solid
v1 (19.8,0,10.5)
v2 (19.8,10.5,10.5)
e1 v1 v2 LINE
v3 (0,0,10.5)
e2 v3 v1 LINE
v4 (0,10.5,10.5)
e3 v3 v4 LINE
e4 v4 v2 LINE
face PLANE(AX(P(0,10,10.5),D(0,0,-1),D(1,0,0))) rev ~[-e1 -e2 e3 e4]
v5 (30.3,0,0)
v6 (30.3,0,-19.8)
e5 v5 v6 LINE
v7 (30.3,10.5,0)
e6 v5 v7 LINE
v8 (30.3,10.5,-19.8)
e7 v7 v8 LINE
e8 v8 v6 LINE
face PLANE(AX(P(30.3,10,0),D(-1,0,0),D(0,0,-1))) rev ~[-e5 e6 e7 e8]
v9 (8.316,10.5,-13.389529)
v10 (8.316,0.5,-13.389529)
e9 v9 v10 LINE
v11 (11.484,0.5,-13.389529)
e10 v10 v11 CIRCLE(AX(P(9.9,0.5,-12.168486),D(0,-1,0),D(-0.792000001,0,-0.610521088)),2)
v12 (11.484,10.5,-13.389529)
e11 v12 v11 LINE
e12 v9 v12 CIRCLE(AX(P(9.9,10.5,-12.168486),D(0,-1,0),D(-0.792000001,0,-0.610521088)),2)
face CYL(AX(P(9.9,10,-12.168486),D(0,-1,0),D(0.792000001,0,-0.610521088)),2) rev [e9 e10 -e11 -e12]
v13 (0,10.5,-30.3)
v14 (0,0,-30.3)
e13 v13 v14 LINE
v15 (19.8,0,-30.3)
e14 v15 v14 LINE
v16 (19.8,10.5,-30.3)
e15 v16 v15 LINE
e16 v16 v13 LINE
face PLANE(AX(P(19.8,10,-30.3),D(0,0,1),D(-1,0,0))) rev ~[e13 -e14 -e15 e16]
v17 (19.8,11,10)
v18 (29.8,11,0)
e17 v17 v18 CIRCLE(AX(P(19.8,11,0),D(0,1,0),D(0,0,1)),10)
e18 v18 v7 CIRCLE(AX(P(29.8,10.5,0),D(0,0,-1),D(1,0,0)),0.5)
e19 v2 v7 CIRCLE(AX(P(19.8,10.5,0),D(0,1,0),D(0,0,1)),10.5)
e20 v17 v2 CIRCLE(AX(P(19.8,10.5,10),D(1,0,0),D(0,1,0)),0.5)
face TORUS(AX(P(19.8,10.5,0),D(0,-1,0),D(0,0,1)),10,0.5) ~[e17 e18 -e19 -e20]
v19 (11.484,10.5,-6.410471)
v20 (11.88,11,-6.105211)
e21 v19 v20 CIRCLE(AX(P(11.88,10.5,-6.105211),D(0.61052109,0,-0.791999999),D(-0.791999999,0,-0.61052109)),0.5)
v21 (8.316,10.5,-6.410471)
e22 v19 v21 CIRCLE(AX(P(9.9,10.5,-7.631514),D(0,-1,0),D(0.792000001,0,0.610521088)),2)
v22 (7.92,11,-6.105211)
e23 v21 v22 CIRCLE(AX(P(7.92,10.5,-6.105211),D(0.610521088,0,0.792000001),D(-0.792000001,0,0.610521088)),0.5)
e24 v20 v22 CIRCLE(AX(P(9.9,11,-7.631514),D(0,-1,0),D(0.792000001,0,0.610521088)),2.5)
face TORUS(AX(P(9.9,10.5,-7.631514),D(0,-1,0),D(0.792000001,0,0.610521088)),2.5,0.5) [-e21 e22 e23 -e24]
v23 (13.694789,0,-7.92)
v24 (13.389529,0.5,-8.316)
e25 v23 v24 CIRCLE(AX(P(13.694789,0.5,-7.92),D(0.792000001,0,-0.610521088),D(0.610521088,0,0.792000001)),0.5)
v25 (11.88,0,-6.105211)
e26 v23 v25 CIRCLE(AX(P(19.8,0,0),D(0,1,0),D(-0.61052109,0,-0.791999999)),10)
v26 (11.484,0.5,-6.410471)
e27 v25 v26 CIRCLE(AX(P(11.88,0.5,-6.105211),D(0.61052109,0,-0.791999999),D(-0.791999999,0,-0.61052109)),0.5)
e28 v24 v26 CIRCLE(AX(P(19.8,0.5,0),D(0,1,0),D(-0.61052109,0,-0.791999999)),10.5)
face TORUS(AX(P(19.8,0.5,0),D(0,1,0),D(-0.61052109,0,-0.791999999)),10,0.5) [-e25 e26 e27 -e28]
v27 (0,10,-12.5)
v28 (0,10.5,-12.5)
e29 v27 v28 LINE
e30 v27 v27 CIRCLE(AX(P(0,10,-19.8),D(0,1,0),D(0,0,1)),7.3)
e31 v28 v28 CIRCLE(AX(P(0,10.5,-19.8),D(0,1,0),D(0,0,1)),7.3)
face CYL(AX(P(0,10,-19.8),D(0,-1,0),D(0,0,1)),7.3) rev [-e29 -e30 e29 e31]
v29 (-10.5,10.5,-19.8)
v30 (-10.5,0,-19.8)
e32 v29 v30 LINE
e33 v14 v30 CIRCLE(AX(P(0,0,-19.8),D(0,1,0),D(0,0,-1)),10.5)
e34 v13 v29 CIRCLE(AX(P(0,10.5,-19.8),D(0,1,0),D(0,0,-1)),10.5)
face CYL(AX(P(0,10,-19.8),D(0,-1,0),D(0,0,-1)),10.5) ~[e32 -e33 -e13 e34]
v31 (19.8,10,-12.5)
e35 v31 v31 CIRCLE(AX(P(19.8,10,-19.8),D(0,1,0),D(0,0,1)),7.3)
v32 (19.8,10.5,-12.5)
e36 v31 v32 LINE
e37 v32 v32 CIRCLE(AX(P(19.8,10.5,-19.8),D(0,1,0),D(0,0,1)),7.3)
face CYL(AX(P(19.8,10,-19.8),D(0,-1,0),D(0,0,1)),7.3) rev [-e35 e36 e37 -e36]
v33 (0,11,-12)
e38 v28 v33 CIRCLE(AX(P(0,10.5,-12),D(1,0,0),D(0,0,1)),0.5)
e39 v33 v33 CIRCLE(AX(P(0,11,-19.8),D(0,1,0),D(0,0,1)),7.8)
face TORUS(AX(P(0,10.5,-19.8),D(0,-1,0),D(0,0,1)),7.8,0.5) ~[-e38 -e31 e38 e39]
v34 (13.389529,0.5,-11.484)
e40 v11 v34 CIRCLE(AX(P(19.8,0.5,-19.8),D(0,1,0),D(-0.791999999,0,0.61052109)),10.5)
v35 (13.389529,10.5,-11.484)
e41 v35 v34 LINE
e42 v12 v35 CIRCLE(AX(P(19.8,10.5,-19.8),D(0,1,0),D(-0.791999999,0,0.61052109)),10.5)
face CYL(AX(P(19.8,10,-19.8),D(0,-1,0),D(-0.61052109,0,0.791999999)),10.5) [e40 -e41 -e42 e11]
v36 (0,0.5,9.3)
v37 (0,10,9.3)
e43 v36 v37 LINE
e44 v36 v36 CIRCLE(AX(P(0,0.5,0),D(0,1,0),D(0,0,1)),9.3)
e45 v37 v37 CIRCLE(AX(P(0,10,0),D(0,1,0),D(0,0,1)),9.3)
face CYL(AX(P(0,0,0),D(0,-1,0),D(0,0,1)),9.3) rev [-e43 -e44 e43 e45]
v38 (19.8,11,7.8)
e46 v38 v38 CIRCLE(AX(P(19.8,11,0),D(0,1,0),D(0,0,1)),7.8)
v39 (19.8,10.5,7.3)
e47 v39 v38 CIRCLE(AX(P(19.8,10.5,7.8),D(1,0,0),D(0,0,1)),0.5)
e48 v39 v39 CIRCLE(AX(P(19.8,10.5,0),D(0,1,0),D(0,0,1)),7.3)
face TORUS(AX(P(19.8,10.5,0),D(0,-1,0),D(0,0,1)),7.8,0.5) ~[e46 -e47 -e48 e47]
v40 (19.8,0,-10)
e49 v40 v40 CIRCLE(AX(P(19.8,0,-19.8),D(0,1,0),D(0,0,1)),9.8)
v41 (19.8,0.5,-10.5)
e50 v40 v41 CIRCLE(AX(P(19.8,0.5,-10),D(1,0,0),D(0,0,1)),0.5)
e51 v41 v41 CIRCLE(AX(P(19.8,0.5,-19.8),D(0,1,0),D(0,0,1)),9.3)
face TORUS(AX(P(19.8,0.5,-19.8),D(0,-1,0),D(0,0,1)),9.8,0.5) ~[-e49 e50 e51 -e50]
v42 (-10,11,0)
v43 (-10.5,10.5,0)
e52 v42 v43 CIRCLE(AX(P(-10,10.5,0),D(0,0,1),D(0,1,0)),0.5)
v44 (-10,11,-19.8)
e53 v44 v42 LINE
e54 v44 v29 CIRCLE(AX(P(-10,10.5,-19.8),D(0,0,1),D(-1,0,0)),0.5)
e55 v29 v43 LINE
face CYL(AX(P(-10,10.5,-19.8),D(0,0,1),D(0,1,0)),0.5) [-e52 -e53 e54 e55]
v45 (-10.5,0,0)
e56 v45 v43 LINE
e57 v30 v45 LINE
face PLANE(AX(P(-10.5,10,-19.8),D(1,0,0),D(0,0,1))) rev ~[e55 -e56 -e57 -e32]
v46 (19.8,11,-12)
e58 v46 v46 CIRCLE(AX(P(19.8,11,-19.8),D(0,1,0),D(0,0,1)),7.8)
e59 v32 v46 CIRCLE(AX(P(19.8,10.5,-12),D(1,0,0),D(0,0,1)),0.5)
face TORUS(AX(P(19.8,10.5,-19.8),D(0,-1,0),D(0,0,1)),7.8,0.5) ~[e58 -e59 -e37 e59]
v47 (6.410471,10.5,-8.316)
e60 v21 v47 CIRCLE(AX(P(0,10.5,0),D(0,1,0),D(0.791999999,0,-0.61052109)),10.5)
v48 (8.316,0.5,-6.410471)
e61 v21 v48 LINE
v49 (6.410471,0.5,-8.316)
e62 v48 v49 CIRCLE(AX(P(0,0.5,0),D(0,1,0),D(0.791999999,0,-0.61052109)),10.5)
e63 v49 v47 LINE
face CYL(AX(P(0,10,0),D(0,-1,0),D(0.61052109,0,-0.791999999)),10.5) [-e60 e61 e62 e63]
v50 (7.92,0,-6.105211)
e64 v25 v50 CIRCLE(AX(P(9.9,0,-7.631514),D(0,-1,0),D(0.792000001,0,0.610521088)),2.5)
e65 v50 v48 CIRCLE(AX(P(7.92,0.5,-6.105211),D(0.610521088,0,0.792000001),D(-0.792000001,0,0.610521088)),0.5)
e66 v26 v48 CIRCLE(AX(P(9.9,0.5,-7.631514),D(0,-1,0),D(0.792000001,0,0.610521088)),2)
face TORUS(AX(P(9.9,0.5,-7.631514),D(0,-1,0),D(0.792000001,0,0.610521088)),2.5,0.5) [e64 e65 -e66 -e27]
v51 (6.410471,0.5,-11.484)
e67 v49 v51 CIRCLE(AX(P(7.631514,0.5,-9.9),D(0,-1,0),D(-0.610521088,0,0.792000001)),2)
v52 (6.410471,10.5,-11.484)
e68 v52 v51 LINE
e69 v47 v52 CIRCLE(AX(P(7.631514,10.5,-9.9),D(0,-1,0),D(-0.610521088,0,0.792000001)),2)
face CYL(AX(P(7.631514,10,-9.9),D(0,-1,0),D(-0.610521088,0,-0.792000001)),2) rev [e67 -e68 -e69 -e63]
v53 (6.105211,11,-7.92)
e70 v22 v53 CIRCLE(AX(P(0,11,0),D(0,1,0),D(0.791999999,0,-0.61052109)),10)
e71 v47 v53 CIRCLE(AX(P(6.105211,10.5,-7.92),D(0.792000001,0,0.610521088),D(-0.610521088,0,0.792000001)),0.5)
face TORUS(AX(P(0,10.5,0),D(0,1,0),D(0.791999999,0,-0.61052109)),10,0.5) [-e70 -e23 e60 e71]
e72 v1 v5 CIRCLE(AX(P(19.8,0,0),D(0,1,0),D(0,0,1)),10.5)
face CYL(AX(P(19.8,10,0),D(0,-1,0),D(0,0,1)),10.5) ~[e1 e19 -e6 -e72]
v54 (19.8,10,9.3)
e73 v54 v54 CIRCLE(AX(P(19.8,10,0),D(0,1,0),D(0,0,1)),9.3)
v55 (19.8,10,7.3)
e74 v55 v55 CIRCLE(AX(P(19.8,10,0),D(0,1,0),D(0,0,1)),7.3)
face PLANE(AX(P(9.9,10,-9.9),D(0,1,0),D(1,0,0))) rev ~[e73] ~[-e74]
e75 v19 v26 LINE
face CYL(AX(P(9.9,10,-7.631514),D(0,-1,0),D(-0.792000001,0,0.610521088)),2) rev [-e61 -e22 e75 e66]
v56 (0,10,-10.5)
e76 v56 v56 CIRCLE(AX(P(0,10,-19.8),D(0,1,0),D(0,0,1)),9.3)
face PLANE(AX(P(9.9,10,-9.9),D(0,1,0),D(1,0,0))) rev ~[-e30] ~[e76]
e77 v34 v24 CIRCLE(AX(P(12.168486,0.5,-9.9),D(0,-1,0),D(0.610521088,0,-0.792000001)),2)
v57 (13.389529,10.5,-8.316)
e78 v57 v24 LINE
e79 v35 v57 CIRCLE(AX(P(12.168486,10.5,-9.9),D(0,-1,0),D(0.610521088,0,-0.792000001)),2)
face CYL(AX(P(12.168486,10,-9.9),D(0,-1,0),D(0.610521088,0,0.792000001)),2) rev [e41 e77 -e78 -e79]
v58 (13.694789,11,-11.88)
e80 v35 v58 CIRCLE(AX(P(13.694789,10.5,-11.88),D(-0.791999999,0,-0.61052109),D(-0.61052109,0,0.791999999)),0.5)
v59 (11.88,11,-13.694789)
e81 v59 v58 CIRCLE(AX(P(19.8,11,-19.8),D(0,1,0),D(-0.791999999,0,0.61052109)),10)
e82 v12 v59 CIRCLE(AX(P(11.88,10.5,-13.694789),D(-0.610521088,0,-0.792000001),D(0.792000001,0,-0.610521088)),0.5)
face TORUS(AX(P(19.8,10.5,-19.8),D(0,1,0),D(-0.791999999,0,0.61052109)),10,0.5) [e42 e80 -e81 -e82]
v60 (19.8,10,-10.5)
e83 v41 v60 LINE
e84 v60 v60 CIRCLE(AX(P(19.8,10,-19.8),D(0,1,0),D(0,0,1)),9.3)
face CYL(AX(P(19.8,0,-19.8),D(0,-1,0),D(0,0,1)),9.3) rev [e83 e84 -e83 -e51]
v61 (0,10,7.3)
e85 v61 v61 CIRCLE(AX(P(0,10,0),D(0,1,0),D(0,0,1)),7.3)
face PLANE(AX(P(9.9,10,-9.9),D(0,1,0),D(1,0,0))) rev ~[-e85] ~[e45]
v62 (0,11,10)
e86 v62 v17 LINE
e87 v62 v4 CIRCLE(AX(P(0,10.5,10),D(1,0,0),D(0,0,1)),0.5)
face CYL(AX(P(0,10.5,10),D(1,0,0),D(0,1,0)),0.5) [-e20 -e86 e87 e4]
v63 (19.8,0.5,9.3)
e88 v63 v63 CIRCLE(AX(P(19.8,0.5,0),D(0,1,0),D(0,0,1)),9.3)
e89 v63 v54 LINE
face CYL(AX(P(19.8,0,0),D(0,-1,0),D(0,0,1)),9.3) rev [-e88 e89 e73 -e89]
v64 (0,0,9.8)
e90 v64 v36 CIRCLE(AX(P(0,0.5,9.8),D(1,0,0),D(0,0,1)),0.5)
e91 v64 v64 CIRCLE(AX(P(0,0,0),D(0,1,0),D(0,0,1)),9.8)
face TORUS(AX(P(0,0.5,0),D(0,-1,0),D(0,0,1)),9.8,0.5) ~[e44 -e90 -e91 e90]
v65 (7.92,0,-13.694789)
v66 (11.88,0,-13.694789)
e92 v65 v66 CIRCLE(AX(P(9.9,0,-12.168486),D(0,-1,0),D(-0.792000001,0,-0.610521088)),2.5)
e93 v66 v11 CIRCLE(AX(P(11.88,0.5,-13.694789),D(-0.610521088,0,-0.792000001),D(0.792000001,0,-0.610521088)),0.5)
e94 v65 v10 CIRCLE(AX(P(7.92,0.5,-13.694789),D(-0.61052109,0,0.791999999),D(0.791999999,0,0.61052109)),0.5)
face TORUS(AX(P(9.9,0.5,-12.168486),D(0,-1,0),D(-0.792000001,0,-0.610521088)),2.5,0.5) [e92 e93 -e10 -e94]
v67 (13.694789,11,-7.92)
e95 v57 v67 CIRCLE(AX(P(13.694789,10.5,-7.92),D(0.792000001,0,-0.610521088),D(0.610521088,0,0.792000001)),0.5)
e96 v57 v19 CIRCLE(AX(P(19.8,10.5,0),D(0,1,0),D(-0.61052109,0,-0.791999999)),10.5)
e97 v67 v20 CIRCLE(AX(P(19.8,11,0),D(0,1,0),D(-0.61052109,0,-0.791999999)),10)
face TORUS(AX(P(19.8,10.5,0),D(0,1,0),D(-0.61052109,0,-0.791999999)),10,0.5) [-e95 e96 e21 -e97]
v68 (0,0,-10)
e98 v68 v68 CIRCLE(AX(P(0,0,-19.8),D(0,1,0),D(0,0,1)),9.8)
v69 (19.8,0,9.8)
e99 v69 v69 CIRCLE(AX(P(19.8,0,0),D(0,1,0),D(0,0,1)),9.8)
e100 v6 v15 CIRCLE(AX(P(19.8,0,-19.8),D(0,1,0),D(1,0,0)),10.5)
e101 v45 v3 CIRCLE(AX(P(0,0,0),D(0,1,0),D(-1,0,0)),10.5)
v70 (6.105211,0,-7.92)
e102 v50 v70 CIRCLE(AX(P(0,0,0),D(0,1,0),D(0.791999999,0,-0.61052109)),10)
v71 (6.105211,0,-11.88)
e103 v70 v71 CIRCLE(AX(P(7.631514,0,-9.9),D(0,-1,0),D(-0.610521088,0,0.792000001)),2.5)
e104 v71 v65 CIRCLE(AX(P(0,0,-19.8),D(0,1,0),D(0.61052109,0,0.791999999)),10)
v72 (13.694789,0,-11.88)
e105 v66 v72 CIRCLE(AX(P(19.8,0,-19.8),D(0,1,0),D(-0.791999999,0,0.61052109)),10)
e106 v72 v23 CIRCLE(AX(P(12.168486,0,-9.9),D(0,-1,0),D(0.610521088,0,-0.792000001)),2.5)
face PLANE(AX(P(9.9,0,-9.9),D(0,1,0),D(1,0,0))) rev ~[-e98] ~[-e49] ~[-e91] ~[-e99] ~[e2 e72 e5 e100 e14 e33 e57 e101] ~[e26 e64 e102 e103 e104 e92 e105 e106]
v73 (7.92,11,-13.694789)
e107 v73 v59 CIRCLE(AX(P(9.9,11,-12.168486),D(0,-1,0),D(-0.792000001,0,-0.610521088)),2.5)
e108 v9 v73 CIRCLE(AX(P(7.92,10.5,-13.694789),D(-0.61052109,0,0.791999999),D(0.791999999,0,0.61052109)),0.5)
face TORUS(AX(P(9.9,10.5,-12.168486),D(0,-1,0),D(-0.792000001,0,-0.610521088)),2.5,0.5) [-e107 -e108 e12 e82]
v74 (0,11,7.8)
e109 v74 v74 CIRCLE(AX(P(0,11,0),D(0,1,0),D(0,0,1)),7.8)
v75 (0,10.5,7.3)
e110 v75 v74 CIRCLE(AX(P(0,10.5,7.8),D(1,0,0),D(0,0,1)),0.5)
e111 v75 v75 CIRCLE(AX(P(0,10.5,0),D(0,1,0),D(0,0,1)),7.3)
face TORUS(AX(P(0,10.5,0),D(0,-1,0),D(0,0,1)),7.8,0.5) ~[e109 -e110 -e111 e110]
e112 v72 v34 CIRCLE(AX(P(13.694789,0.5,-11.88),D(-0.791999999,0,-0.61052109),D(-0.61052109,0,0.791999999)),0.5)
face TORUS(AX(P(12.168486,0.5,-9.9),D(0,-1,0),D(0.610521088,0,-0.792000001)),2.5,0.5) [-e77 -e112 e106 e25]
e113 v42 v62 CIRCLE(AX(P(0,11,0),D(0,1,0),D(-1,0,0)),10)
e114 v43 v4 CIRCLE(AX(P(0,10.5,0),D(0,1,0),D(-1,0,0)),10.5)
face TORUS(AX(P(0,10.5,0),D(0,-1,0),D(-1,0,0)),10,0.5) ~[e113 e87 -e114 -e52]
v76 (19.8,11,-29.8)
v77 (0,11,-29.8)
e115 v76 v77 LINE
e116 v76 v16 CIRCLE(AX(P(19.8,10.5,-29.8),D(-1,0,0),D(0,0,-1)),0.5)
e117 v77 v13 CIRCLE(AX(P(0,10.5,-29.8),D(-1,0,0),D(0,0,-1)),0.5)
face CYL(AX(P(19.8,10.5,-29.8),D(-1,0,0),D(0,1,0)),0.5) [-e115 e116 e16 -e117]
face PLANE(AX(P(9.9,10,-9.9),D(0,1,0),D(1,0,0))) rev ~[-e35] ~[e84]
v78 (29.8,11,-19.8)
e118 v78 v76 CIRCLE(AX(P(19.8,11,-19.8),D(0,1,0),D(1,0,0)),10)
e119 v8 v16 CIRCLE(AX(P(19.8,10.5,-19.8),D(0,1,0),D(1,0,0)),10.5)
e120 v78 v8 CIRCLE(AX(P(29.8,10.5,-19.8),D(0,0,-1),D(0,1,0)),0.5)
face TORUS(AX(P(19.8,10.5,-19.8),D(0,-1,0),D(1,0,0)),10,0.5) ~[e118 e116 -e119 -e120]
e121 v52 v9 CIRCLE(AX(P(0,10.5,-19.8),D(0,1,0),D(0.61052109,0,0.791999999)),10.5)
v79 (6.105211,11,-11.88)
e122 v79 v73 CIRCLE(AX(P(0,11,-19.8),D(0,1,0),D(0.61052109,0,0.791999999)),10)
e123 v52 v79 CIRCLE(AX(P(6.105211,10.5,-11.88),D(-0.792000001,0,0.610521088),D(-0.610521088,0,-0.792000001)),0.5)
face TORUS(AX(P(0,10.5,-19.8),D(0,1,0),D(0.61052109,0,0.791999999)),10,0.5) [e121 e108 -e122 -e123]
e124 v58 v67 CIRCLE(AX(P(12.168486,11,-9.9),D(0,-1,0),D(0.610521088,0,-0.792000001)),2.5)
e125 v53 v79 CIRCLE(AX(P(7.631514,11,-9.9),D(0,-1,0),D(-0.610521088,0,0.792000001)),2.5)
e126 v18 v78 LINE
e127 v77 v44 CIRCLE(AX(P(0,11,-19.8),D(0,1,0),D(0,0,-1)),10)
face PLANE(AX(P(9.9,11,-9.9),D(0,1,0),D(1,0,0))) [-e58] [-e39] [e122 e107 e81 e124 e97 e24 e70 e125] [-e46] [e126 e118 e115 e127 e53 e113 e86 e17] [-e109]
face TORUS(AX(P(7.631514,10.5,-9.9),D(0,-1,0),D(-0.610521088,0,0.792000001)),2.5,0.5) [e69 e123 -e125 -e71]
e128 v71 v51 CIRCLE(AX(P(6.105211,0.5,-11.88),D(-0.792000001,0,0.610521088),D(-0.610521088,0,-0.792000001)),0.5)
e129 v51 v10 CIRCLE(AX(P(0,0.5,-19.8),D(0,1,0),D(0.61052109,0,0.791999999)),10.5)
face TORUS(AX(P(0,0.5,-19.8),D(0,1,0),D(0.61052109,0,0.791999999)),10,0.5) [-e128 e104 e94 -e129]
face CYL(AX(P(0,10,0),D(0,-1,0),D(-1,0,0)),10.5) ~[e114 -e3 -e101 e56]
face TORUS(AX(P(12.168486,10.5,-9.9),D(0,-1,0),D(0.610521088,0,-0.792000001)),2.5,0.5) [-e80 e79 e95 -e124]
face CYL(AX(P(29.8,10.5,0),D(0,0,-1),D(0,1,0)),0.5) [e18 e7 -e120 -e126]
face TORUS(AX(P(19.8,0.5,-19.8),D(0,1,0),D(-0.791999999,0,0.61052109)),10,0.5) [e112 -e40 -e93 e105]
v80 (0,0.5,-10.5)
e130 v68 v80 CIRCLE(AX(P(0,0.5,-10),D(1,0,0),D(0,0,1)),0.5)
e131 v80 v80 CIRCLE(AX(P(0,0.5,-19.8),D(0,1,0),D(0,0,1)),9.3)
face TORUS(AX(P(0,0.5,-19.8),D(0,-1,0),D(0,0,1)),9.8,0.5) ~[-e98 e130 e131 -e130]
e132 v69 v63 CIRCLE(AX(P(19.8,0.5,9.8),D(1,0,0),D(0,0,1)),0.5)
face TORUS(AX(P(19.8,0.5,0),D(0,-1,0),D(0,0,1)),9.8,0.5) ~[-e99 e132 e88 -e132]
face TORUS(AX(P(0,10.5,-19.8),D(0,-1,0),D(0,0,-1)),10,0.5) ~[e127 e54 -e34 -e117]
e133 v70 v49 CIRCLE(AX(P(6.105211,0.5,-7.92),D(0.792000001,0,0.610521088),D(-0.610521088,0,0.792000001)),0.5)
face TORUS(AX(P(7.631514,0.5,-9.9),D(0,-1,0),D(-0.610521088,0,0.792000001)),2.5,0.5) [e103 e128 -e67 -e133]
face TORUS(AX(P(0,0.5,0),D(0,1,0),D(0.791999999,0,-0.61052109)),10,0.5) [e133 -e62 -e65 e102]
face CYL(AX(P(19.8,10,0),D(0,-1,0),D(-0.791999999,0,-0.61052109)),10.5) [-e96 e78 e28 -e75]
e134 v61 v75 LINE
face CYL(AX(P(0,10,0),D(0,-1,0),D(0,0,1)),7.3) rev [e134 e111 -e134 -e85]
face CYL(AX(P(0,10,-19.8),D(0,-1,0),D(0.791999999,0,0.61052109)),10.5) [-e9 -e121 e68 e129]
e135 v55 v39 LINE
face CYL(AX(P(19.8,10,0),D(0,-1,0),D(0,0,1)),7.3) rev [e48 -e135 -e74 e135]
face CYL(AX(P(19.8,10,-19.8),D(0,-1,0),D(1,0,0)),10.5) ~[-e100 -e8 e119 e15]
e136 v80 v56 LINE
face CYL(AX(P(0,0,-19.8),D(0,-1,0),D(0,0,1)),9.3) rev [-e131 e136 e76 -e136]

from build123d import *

# Parameters (mm, degrees)
ESQUISSE1_R             = 9.3
BOSS_EXTRU_1_DEPTH      = 10
ESQUISSE2_R             = 7.3
BOSS_EXTRU_2_DEPTH      = 1
ENL_V_MAT_EXTRU_1_DEPTH = 45.002045407
CONG_1_R                = 0.5


with BuildPart() as part:
    # Esquisse1 → Boss.-Extru.1 (new body)
    with BuildSketch(Plane(origin=(0, 0, 0), x_dir=(1, 0, 0), z_dir=(0, 1, 0))):
        with BuildLine():
            Line((-10.5, 19.8), (-10.5, 0))
            ThreePointArc((-10.5, 0), (-7.424621202, -7.424621202), (0, -10.5))
            Line((0, -10.5), (19.8, -10.5))
            ThreePointArc((19.8, -10.5), (27.224621202, -7.424621202), (30.3, 0))
            Line((30.3, 0), (30.3, 19.8))
            ThreePointArc((30.3, 19.8), (27.224621202, 27.224621202), (19.8, 30.3))
            Line((19.8, 30.3), (0, 30.3))
            ThreePointArc((0, 30.3), (-7.424621202, 27.224621202), (-10.5, 19.8))
        make_face()
        with Locations(Location((0, 0, 0), (0, 0, 270))):
            Circle(ESQUISSE1_R, mode=Mode.SUBTRACT)
        with Locations(Location((0, 19.8, 0), (0, 0, 270))):
            Circle(ESQUISSE1_R, mode=Mode.SUBTRACT)
        with Locations(Location((19.8, 0, 0), (0, 0, 270))):
            Circle(ESQUISSE1_R, mode=Mode.SUBTRACT)
        with Locations(Location((19.8, 19.8, 0), (0, 0, 270))):
            Circle(ESQUISSE1_R, mode=Mode.SUBTRACT)
        with BuildLine():
            ThreePointArc((6.410471434, 11.484), (7.424621202, 12.375378798), (8.316, 13.389528566))
            ThreePointArc((8.316, 13.389528566), (9.9, 14.168486389), (11.484, 13.389528566))
            ThreePointArc((11.484, 13.389528566), (12.375378798, 12.375378798), (13.389528566, 11.484))
            ThreePointArc((13.389528566, 11.484), (14.168486389, 9.9), (13.389528566, 8.316))
            ThreePointArc((13.389528566, 8.316), (12.375378798, 7.424621202), (11.484, 6.410471434))
            ThreePointArc((11.484, 6.410471434), (9.9, 5.631513611), (8.316, 6.410471434))
            ThreePointArc((8.316, 6.410471434), (7.424621202, 7.424621202), (6.410471434, 8.316))
            ThreePointArc((6.410471434, 8.316), (5.631513611, 9.9), (6.410471434, 11.484))
        make_face(mode=Mode.SUBTRACT)
    extrude(amount=BOSS_EXTRU_1_DEPTH)

    # Esquisse2 → Boss.-Extru.2 (add)
    with BuildSketch(Plane(origin=(0, 10, 0), x_dir=(1, 0, 0), z_dir=(0, 1, 0))):
        with BuildLine():
            Line((-10.5, 19.8), (-10.5, 0))
            ThreePointArc((-10.5, 0), (-7.424621202, -7.424621202), (0, -10.5))
            Line((0, -10.5), (19.8, -10.5))
            ThreePointArc((19.8, -10.5), (27.224621202, -7.424621202), (30.3, 0))
            Line((30.3, 0), (30.3, 19.8))
            ThreePointArc((30.3, 19.8), (27.224621202, 27.224621202), (19.8, 30.3))
            Line((19.8, 30.3), (0, 30.3))
            ThreePointArc((0, 30.3), (-7.424621202, 27.224621202), (-10.5, 19.8))
        make_face()
        with Locations(Location((0, 19.8, 0), (0, 0, 270))):
            Circle(ESQUISSE2_R, mode=Mode.SUBTRACT)
        with Locations(Location((19.8, 19.8, 0), (0, 0, 270))):
            Circle(ESQUISSE2_R, mode=Mode.SUBTRACT)
        with Locations(Location((19.8, 0, 0), (0, 0, 270))):
            Circle(ESQUISSE2_R, mode=Mode.SUBTRACT)
        with Locations(Location((0, 0, 0), (0, 0, 270))):
            Circle(ESQUISSE2_R, mode=Mode.SUBTRACT)
    extrude(amount=BOSS_EXTRU_2_DEPTH)

    # Esquisse3 → Enlèv. mat.-Extru.1 (cut, through all)
    with BuildSketch(Plane.XZ.offset(-10)):
        with BuildLine():
            ThreePointArc((6.410471434, -8.316), (7.424621202, -7.424621202), (8.316, -6.410471434))
            ThreePointArc((8.316, -6.410471434), (9.9, -5.631513611), (11.484, -6.410471434))
            ThreePointArc((11.484, -6.410471434), (12.375378798, -7.424621202), (13.389528566, -8.316))
            ThreePointArc((13.389528566, -8.316), (14.168486389, -9.9), (13.389528566, -11.484))
            ThreePointArc((13.389528566, -11.484), (12.375378798, -12.375378798), (11.484, -13.389528566))
            ThreePointArc((11.484, -13.389528566), (9.9, -14.168486389), (8.316, -13.389528566))
            ThreePointArc((8.316, -13.389528566), (7.424621202, -12.375378798), (6.410471434, -11.484))
            ThreePointArc((6.410471434, -11.484), (5.631513611, -9.9), (6.410471434, -8.316))
        make_face()
    extrude(amount=-ENL_V_MAT_EXTRU_1_DEPTH, mode=Mode.SUBTRACT)

    # Congé1
    cong_1_edges = [part.edges().sort_by_distance(p)[0] for p in [
        (5.631513611, 11, -9.9),
        (7.424621202, 11, -7.424621202),
        (9.9, 11, -5.631513611),
        (12.375378798, 11, -7.424621202),
        (14.168486389, 11, -9.9),
        (12.375378798, 11, -12.375378798),
        (9.9, 11, -14.168486389),
        (7.424621202, 11, -12.375378798),
        (0, 0, -9.3),
        (0, 0, -29.1),
        (5.631513611, 0, -9.9),
        (7.424621202, 0, -7.424621202),
        (9.9, 0, -5.631513611),
        (12.375378798, 0, -7.424621202),
        (14.168486389, 0, -9.9),
        (12.375378798, 0, -12.375378798),
        (9.9, 0, -14.168486389),
        (7.424621202, 0, -12.375378798),
        (19.8, 0, -9.3),
        (19.8, 0, -29.1),
        (-7.424621202, 11, -27.224621202),
        (-10.5, 11, -9.9),
        (-7.424621202, 11, 7.424621202),
        (9.9, 11, 10.5),
        (27.224621202, 11, 7.424621202),
        (30.3, 11, -9.9),
        (27.224621202, 11, -27.224621202),
        (9.9, 11, -30.3),
        (0, 11, -27.1),
        (19.8, 11, -27.1),
        (19.8, 11, -7.3),
        (0, 11, -7.3),
    ]]
    fillet(cong_1_edges, radius=CONG_1_R)


solid = part.part
